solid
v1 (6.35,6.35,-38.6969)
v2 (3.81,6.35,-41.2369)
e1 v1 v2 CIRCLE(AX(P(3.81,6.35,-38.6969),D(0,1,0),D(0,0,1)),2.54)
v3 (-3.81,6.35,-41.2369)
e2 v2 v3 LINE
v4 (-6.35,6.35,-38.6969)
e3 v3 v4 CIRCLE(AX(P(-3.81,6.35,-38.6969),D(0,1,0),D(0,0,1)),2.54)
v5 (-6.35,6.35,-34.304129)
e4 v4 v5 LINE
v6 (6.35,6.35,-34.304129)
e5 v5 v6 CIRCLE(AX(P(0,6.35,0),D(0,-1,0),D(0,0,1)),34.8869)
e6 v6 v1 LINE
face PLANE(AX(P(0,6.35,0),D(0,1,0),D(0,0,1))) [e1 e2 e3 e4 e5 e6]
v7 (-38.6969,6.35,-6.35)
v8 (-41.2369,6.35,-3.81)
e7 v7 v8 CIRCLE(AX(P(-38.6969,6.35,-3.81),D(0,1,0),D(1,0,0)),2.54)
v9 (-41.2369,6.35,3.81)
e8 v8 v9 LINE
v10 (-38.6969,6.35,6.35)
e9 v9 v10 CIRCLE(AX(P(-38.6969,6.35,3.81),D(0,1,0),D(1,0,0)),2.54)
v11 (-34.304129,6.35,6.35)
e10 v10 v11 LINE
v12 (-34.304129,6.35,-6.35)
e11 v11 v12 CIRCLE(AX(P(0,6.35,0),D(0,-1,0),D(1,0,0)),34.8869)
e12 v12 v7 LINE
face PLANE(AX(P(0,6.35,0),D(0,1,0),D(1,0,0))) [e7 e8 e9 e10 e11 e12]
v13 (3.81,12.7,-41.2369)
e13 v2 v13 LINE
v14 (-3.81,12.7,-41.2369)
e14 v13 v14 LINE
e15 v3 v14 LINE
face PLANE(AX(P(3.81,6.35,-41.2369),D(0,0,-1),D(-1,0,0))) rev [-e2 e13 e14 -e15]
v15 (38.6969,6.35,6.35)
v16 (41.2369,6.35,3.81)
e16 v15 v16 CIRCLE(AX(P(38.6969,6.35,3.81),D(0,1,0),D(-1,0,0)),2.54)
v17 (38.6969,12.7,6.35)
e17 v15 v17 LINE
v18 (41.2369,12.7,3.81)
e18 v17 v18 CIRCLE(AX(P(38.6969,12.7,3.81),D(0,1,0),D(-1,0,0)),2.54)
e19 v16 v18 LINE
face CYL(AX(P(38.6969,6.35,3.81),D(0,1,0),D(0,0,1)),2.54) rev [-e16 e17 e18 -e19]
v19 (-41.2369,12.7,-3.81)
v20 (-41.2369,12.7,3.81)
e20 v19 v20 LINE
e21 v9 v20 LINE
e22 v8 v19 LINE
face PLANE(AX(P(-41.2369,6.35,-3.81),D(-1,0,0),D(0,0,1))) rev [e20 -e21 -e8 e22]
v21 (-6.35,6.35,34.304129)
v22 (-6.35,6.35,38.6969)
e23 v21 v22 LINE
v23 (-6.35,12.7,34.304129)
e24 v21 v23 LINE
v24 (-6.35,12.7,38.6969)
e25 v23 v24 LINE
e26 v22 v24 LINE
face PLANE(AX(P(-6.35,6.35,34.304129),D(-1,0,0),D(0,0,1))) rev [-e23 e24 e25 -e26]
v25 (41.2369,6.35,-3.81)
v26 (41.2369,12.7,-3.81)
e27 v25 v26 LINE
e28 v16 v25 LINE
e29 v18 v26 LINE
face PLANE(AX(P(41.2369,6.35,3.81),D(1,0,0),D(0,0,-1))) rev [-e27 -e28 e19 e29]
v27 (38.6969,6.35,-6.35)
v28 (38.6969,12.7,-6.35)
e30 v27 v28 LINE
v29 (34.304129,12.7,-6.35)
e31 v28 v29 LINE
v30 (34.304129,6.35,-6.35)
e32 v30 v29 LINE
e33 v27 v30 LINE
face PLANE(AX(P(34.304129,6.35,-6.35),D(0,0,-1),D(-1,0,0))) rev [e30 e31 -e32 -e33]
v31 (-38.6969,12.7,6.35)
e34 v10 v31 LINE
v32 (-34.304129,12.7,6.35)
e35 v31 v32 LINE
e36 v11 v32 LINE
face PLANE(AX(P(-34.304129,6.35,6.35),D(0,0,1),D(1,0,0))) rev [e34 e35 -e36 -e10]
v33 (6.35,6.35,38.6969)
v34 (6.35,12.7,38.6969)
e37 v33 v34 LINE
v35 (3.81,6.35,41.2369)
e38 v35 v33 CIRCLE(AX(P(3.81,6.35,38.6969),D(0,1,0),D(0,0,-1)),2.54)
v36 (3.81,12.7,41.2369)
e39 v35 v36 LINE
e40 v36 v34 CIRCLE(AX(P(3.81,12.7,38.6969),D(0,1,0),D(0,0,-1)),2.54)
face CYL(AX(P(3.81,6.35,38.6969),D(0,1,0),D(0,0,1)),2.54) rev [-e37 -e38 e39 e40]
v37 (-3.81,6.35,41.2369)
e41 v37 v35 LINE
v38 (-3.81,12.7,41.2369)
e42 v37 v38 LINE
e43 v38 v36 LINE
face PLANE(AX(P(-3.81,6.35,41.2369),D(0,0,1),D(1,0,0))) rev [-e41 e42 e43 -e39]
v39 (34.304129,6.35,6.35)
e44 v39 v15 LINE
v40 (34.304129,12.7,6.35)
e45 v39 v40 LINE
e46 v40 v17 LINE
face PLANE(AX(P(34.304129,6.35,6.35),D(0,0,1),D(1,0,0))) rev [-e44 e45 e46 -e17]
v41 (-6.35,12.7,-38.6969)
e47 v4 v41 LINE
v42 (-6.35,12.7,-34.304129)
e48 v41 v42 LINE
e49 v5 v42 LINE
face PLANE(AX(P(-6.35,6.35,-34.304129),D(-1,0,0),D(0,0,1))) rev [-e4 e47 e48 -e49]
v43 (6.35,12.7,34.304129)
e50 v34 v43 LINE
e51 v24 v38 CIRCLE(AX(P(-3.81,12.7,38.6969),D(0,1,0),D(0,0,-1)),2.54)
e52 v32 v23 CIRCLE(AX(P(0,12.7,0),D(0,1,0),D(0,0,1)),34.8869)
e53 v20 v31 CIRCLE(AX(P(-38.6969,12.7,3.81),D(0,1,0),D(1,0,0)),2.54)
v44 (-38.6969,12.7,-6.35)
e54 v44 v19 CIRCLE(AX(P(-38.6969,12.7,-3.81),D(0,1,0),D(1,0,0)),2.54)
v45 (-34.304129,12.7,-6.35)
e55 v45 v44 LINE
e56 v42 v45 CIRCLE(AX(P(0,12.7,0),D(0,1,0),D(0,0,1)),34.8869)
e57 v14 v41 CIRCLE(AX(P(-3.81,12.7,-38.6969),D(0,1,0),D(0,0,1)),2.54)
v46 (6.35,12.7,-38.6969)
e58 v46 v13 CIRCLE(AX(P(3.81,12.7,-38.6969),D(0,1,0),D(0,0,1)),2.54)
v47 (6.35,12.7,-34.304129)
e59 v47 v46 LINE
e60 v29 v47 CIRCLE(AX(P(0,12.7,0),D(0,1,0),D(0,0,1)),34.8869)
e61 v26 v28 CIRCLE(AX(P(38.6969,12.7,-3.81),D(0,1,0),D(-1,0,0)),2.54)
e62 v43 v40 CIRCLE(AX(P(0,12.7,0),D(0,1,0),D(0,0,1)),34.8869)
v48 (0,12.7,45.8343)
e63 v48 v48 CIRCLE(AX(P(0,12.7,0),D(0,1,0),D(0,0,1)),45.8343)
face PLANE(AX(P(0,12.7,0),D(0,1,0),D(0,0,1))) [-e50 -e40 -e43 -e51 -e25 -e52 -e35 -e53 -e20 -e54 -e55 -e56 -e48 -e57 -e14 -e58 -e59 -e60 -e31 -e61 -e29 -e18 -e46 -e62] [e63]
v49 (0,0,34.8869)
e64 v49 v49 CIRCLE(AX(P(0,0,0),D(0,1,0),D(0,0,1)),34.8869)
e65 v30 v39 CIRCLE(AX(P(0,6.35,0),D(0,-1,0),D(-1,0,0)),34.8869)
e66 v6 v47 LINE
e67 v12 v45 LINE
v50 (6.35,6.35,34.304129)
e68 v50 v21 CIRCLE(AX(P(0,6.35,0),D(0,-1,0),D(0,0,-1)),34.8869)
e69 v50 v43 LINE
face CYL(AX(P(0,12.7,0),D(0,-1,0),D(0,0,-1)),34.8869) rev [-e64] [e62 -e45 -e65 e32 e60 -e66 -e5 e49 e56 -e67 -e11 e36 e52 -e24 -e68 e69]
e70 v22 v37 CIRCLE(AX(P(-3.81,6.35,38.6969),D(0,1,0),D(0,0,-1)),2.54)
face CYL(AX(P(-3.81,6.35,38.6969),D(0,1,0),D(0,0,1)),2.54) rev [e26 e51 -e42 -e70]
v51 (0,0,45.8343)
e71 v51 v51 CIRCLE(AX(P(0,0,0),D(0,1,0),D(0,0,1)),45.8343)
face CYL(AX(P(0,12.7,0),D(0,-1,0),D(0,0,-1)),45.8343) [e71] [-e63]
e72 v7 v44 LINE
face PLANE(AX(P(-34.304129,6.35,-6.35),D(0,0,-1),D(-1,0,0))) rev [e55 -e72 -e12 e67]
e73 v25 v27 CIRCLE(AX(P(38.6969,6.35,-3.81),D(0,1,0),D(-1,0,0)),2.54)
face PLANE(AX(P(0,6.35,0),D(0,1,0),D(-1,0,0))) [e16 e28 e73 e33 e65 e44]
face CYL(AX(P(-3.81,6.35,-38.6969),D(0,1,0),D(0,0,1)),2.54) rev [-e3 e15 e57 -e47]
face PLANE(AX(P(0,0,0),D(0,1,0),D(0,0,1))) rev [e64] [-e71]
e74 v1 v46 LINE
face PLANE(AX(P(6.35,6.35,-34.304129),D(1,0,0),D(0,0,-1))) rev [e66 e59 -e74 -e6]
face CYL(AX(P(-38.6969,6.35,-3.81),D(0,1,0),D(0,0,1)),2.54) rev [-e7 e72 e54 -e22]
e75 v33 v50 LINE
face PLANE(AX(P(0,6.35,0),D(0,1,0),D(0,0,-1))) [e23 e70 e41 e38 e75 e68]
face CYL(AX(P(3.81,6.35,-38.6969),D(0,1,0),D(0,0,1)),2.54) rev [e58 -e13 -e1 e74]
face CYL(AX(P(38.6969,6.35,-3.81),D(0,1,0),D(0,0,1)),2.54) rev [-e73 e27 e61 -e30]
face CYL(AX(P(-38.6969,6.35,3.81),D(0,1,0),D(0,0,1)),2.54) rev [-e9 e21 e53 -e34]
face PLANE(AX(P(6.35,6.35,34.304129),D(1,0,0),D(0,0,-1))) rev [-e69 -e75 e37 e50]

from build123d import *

# Parameters (mm, degrees)
SKETCH1_R           = 45.8343
SKETCH1_R_2         = 34.8869
BOSS_EXTRUDE1_DEPTH = 12.7
CUT_EXTRUDE1_START  = -6.35
CUT_EXTRUDE1_DEPTH  = 6.35
CIRPATTERN1_COUNT   = 4


with BuildPart() as part:
    # Sketch1 → Boss-Extrude1 (new body)
    with BuildSketch(Plane(origin=(0, 0, 0), x_dir=(1, 0, 0), z_dir=(0, 1, 0))):
        with Locations(Location((0, 0, 0), (0, 0, 270))):
            Circle(SKETCH1_R)
        with Locations(Location((0, 0, 0), (0, 0, 270))):
            Circle(SKETCH1_R_2, mode=Mode.SUBTRACT)
    extrude(amount=BOSS_EXTRUDE1_DEPTH)

    # Sketch2 → Cut-Extrude1 (cut)
    with BuildSketch(Plane(origin=(0, 12.7, 0), x_dir=(1, 0, 0), z_dir=(0, 1, 0)).offset(CUT_EXTRUDE1_START)):
        with BuildLine():
            Line((6.35, 34.304129367), (6.35, 38.6969))
            ThreePointArc((6.35, 38.6969), (5.606051224, 40.492951224), (3.81, 41.2369))
            Line((3.81, 41.2369), (-3.81, 41.2369))
            ThreePointArc((-3.81, 41.2369), (-5.606051224, 40.492951224), (-6.35, 38.6969))
            Line((-6.35, 38.6969), (-6.35, 34.304129367))
            ThreePointArc((-6.35, 34.304129367), (0, 34.8869), (6.35, 34.304129367))
        make_face()
    cut_extrude1 = extrude(amount=CUT_EXTRUDE1_DEPTH, mode=Mode.SUBTRACT)

    # CirPattern1: Cut-Extrude1 ×4 about axis
    cirpattern1_axis = Axis((0, 0, 0), (0, 1, 0))
    for i in range(1, CIRPATTERN1_COUNT):
        add(cut_extrude1.rotate(cirpattern1_axis, i * 360 / CIRPATTERN1_COUNT), mode=Mode.SUBTRACT)


solid = part.part
